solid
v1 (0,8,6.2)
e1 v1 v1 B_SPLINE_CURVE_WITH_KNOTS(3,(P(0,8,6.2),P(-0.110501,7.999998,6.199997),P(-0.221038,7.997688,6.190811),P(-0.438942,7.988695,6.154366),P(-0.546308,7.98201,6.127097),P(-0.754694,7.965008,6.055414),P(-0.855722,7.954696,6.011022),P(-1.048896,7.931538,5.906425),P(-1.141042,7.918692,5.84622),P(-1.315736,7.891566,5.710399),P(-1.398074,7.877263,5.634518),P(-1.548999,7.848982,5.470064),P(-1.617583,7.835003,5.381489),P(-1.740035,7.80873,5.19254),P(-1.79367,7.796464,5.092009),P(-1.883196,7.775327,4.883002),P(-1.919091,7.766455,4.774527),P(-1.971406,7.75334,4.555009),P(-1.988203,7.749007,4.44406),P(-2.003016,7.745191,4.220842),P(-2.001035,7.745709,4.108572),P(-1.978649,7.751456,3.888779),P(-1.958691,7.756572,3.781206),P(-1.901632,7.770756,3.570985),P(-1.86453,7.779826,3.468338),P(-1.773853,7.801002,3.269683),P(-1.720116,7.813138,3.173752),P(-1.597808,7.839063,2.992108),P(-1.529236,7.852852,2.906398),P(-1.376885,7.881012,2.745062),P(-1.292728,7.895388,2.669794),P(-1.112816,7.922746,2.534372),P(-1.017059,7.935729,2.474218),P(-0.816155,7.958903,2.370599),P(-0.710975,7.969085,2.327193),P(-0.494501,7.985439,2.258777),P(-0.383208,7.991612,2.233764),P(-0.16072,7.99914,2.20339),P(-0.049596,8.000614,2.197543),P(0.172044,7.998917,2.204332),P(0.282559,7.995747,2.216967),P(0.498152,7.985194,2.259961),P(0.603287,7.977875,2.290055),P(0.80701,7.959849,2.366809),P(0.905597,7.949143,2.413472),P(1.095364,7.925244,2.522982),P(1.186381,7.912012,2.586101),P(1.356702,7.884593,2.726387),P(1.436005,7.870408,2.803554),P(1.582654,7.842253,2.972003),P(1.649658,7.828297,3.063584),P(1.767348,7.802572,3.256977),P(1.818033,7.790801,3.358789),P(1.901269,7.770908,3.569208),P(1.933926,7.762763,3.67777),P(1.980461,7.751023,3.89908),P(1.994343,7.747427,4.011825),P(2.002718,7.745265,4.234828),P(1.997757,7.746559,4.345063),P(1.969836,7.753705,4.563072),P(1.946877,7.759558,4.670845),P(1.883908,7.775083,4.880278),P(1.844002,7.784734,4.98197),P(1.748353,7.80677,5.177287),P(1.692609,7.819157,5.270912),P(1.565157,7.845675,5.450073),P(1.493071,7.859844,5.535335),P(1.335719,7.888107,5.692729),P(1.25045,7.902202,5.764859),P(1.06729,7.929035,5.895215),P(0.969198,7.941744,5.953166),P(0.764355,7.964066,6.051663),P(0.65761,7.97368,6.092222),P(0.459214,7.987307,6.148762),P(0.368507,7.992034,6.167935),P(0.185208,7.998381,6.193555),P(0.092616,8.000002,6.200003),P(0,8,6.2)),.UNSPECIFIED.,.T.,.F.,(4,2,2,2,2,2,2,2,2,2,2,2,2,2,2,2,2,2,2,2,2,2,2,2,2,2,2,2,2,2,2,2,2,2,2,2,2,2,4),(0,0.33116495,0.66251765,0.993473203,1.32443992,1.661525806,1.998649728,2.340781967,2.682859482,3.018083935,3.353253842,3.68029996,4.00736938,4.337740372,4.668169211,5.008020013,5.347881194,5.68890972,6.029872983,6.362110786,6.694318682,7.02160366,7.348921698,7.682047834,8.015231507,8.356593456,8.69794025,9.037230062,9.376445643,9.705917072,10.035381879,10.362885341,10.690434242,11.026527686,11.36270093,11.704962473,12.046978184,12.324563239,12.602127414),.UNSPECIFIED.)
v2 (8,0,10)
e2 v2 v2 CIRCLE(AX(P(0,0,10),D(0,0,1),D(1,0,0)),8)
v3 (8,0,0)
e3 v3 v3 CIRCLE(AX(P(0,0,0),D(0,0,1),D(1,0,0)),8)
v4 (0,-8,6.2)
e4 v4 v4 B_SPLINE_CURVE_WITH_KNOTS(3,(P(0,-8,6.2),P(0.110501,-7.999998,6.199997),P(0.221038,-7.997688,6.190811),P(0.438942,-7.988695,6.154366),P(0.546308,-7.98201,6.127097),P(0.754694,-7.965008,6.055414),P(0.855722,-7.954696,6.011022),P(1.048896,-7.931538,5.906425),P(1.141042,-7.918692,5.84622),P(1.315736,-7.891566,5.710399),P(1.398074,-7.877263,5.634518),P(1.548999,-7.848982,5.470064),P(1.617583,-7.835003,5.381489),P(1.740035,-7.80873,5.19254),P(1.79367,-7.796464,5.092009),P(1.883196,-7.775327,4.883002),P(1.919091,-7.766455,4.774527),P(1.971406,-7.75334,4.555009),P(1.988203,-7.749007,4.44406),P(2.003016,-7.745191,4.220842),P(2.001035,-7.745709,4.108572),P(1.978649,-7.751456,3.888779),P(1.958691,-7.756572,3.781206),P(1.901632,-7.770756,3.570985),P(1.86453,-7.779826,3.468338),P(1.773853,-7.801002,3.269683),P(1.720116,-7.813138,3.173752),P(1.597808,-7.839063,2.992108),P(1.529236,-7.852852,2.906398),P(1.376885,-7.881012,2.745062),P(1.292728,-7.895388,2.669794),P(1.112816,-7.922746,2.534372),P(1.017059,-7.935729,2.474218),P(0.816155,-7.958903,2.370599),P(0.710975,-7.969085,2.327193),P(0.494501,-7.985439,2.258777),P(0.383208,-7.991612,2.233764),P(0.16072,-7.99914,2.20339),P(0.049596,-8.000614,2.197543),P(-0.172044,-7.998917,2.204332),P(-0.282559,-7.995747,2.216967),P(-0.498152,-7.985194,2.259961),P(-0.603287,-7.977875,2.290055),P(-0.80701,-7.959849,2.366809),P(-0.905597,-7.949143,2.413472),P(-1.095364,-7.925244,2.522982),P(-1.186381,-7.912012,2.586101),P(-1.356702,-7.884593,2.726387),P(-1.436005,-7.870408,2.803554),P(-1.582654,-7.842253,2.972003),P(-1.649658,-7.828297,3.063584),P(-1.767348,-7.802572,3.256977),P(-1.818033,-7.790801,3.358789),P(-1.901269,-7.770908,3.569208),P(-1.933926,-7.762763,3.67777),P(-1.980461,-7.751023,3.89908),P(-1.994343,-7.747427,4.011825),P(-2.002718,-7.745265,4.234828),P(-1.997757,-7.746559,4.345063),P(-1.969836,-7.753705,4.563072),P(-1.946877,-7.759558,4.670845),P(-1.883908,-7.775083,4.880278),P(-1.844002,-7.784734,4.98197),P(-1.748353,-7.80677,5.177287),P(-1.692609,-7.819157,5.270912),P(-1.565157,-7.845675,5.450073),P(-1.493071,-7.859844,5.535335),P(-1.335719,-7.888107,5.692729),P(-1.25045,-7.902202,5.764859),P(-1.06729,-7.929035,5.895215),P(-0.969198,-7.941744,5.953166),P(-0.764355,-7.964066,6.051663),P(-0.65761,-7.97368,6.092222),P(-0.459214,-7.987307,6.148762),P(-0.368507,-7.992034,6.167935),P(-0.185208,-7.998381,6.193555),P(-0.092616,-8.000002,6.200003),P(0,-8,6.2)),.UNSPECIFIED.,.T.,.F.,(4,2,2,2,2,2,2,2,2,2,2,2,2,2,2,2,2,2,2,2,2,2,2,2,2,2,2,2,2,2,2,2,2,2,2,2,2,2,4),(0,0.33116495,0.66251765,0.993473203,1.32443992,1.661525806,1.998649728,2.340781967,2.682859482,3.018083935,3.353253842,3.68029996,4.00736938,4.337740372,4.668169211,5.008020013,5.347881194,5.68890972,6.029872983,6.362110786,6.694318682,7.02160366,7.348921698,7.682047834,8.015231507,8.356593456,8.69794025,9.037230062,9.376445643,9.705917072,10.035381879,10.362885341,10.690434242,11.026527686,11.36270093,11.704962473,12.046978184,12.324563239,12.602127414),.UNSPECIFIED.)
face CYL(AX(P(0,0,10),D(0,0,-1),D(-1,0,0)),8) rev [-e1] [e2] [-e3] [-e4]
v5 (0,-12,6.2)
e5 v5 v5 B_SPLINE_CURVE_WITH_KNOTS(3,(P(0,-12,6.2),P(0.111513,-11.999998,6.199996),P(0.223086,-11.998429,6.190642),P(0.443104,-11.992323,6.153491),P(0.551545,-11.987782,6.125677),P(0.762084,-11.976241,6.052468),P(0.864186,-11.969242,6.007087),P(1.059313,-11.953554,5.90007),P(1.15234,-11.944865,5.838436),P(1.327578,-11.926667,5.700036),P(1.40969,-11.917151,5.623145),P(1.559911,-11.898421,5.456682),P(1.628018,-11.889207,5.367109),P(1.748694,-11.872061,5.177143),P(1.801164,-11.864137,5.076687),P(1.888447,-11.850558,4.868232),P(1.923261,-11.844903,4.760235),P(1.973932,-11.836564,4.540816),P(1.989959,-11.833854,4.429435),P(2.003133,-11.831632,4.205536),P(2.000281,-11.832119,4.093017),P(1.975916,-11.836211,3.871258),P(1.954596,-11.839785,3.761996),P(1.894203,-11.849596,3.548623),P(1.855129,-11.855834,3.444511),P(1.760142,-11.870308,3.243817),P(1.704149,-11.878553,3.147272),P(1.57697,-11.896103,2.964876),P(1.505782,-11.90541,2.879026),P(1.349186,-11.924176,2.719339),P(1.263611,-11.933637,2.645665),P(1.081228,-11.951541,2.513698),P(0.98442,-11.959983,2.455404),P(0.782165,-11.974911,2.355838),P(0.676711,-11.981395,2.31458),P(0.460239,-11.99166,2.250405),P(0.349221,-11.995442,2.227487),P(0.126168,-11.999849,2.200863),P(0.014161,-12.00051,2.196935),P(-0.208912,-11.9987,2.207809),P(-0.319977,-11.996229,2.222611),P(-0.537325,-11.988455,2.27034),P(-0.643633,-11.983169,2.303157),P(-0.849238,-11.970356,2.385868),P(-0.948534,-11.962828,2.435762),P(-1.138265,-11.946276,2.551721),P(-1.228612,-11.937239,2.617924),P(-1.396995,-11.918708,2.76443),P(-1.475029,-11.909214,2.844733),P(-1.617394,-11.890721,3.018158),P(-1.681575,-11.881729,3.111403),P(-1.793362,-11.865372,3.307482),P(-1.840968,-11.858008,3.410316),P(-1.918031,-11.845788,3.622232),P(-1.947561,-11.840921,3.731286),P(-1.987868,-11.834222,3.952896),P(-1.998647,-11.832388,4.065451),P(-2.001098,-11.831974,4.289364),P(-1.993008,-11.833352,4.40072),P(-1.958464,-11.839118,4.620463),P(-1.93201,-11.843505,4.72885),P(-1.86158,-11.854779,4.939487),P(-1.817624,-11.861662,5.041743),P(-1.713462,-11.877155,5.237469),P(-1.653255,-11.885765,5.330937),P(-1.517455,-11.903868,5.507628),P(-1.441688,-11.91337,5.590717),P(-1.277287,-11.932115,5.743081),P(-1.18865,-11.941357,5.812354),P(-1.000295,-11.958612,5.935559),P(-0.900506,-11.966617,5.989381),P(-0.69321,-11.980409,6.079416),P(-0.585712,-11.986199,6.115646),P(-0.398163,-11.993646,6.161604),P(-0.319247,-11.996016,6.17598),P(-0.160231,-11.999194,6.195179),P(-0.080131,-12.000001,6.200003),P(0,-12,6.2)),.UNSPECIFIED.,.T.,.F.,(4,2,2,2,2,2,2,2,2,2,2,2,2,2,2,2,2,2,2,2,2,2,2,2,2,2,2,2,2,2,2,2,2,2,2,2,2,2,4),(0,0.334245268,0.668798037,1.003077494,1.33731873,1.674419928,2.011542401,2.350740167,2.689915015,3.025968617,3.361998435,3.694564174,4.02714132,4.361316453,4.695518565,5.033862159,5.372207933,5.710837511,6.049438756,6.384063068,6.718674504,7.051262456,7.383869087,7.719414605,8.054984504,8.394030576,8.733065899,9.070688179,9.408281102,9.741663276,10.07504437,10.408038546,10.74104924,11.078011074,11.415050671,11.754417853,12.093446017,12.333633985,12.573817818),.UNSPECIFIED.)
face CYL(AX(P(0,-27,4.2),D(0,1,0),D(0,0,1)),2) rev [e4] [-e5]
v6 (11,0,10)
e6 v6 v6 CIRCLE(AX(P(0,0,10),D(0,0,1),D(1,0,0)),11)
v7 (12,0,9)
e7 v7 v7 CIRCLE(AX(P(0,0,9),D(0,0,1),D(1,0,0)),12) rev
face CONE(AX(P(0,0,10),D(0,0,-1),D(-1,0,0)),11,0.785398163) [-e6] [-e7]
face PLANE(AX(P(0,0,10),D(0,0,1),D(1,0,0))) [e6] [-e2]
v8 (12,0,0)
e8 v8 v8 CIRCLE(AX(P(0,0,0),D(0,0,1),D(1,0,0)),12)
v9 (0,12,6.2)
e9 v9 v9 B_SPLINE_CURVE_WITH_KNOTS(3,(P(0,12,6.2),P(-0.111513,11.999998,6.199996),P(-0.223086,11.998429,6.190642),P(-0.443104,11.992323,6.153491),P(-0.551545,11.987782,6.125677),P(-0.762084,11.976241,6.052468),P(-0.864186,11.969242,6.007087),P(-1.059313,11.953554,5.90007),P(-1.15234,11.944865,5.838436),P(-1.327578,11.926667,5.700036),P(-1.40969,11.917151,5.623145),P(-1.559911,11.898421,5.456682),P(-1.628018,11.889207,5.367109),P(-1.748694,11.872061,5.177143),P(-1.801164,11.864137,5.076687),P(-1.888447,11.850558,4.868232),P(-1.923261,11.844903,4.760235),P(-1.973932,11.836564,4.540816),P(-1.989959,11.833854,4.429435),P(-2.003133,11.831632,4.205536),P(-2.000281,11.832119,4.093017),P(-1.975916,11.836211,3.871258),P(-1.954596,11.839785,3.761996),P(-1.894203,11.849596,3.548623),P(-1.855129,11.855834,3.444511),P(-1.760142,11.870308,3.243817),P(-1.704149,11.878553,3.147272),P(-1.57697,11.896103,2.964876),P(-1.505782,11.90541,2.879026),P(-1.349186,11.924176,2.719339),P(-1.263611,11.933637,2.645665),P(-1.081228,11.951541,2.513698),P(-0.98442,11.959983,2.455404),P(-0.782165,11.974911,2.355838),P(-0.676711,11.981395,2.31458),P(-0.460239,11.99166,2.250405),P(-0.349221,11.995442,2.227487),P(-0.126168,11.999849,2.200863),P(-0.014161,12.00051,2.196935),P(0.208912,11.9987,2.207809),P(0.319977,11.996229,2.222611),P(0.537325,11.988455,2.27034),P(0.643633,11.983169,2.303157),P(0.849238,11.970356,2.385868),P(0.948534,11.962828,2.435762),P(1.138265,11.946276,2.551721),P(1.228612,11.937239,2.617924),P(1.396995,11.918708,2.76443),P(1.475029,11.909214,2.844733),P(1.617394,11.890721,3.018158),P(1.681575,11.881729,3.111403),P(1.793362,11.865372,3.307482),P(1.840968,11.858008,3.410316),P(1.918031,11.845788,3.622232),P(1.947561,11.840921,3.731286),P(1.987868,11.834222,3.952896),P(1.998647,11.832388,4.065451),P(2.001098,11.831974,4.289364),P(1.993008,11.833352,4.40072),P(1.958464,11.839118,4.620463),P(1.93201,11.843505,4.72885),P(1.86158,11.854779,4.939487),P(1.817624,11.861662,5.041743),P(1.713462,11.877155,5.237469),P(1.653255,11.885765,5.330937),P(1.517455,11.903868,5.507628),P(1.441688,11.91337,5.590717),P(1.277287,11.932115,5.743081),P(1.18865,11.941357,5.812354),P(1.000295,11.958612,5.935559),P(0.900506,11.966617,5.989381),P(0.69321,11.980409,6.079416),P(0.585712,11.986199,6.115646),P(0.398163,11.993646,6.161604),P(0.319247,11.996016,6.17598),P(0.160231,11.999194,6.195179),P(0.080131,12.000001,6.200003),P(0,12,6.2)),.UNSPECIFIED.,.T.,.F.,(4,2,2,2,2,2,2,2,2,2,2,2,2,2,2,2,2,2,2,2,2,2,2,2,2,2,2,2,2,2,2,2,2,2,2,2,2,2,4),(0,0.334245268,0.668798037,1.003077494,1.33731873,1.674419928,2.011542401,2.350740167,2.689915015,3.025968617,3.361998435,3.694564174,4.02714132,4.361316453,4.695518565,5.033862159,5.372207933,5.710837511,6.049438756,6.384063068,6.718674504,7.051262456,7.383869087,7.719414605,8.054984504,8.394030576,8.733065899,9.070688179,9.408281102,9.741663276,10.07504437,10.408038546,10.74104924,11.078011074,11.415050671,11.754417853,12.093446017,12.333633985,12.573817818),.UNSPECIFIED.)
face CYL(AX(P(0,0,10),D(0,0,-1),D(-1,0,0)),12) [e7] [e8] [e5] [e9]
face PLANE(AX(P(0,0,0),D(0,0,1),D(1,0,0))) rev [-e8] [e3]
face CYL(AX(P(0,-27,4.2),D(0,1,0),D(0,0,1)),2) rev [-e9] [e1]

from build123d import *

# Parameters (mm, degrees)
SKETCH1_R           = 12
SKETCH1_R_2         = 8
BOSS_EXTRUDE1_DEPTH = 10
CHAMFER1_SIZE       = 1
SKETCH2_R           = 2
CUT_EXTRUDE1_DEPTH  = 27


with BuildPart() as part:
    # Sketch1 → Boss-Extrude1 (new body)
    with BuildSketch(Plane.XY):
        Circle(SKETCH1_R)
        Circle(SKETCH1_R_2, mode=Mode.SUBTRACT)
    extrude(amount=BOSS_EXTRUDE1_DEPTH)

    # Chamfer1
    chamfer1_edges = [part.edges().sort_by_distance(p)[0] for p in [
        (-12, 0, 10),
    ]]
    chamfer(chamfer1_edges, length=CHAMFER1_SIZE)

    # Sketch2 → Cut-Extrude1 (cut, symmetric)
    with BuildSketch(Plane(origin=(0, 0, 0), x_dir=(1, 0, 0), z_dir=(0, 1, 0))):
        with Locations(Location((0, -4.2, 0), (0, 0, 270))):
            Circle(SKETCH2_R)
    extrude(amount=CUT_EXTRUDE1_DEPTH, both=True, mode=Mode.SUBTRACT)


solid = part.part
